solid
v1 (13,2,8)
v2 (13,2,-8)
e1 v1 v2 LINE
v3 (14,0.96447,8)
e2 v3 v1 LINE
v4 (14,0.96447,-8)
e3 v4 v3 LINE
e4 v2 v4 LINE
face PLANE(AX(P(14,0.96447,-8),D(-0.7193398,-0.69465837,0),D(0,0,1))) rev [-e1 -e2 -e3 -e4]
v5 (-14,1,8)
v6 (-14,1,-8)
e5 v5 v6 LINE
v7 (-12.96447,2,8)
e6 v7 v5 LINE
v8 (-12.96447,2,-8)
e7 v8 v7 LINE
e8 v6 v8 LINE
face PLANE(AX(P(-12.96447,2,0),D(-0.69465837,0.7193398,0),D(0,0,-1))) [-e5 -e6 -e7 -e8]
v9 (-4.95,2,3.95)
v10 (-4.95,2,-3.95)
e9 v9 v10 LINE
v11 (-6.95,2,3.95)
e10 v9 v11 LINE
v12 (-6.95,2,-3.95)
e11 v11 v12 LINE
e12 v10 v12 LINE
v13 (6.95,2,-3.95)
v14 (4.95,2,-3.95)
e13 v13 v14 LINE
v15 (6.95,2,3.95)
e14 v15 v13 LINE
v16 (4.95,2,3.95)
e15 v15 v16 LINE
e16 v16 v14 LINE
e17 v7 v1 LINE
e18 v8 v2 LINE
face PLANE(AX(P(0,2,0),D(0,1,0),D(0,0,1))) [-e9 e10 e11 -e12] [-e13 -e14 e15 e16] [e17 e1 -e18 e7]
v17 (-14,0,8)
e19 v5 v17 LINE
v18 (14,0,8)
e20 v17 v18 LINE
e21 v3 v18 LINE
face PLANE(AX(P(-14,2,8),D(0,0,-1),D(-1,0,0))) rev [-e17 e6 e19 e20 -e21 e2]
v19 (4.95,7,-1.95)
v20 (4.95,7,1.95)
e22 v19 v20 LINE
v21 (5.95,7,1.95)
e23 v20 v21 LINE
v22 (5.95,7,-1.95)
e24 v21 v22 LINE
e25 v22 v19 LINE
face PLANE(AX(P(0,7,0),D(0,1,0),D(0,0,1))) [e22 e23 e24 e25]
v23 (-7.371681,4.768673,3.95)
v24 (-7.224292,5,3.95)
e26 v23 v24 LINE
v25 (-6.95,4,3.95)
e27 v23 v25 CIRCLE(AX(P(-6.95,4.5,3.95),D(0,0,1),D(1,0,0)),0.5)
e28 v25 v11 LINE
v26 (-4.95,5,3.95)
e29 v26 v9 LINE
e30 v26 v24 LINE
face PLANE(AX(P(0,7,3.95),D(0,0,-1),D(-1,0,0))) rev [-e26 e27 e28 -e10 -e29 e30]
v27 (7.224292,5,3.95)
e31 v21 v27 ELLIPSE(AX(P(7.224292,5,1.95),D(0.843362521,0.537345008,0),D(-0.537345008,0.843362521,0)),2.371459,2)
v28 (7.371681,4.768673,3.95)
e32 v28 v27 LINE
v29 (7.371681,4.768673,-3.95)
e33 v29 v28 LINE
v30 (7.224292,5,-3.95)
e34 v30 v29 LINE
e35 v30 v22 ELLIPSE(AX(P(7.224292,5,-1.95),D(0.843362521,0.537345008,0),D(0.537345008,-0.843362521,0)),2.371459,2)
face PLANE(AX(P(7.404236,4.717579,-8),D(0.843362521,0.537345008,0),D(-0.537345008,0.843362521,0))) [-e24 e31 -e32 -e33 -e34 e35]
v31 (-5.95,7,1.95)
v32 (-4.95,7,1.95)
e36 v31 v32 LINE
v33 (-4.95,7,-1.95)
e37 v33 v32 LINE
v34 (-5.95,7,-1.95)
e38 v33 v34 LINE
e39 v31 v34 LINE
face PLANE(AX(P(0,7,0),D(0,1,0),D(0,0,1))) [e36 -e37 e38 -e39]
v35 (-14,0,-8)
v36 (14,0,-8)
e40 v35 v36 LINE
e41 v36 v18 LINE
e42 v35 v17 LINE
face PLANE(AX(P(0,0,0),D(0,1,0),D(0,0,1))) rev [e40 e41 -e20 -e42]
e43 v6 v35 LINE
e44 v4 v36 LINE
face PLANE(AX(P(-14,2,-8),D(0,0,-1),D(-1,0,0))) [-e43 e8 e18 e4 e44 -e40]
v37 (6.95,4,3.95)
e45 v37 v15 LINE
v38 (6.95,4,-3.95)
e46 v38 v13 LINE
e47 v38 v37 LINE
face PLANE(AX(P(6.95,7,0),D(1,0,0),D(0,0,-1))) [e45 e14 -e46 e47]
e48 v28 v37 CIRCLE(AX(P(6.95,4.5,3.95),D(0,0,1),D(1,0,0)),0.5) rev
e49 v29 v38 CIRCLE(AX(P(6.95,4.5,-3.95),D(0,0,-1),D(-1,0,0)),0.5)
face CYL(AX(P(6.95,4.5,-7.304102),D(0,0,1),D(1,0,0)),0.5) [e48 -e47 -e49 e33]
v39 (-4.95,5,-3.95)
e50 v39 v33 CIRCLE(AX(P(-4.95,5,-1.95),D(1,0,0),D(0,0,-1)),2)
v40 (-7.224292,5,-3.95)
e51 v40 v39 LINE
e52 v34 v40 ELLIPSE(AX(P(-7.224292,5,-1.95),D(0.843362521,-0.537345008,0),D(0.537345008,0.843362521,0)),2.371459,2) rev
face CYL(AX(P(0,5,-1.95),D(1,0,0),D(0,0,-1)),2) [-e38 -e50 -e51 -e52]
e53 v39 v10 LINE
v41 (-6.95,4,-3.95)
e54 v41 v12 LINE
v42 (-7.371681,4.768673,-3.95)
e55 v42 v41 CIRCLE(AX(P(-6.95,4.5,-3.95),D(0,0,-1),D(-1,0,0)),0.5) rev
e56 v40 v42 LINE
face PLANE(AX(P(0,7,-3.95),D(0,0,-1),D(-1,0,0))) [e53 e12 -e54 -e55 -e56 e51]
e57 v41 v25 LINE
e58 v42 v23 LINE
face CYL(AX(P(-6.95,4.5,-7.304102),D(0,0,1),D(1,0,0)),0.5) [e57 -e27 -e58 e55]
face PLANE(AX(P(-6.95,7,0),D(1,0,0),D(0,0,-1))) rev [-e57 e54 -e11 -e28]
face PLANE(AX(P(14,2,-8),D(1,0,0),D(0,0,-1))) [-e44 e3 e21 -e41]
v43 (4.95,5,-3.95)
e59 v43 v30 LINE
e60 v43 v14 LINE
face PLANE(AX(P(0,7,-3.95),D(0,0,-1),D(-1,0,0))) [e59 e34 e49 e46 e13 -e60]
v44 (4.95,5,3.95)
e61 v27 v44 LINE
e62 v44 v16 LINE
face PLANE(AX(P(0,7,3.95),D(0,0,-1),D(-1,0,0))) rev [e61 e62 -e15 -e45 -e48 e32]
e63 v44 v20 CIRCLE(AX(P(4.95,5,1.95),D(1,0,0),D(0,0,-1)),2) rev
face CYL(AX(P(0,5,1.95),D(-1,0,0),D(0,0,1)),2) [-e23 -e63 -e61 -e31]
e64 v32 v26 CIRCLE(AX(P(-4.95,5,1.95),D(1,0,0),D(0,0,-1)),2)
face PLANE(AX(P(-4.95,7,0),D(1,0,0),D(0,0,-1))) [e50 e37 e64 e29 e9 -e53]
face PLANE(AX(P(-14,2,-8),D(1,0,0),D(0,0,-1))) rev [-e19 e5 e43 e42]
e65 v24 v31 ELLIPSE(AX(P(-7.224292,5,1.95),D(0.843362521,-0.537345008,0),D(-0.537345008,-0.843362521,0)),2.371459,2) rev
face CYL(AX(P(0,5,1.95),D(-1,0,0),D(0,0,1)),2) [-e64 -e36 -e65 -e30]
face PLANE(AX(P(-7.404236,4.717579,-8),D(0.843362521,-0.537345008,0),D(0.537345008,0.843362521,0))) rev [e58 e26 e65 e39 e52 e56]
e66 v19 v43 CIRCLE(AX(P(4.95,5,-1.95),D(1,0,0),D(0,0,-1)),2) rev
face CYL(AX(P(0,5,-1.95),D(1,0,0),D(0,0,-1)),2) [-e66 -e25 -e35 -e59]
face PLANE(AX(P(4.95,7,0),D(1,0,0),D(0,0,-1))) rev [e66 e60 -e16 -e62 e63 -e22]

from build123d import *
from OCP.BRepFilletAPI import BRepFilletAPI_MakeChamfer

# Parameters (mm, degrees)
SKETCH1_W           = 28
SKETCH1_H           = 16
BOSS_EXTRUDE1_DEPTH = 2
CHAMFER1_SIZE       = 1
CHAMFER1_SIZE2      = 1.035530314
SKETCH1_3_W         = 2
SKETCH1_3_H         = 7.9
BOSS_EXTRUDE2_DEPTH = 7
CUT_EXTRUDE1_DEPTH  = 20.692701694
SKETCH2_3_R         = 0.5
BOSS_EXTRUDE3_DEPTH = 7.9
FILLET1_R           = 2


with BuildPart() as part:
    # Sketch1 → Boss-Extrude1 (new body)
    with BuildSketch(Plane(origin=(0, 0, 0), x_dir=(1, 0, 0), z_dir=(0, 1, 0))):
        Rectangle(SKETCH1_W, SKETCH1_H)
    extrude(amount=BOSS_EXTRUDE1_DEPTH)

    # Chamfer1: one chamfer whose edges measure the first distance from different faces: ONE call of the kernel's chamfer builder (chamfer() names one face for all edges)
    chamfer1_edges_1 = [part.edges().sort_by_distance(p)[0] for p in [
        (14, 2, 0),
    ]]
    chamfer1_side_1 = [part.faces().sort_by_distance(p)[0] for p in [
        (0, 2, 0),
    ]]
    chamfer1_edges_2 = [part.edges().sort_by_distance(p)[0] for p in [
        (-14, 2, 0),
    ]]
    chamfer1_side_2 = [part.faces().sort_by_distance(p)[0] for p in [
        (-14, 1, 0),
    ]]
    chamfer1 = BRepFilletAPI_MakeChamfer(part.part.solid().wrapped)
    for e in chamfer1_edges_1:
        chamfer1.Add(CHAMFER1_SIZE, CHAMFER1_SIZE2, e.wrapped, chamfer1_side_1[0].wrapped)  # the first distance lies on this face
    for e in chamfer1_edges_2:
        chamfer1.Add(CHAMFER1_SIZE, CHAMFER1_SIZE2, e.wrapped, chamfer1_side_2[0].wrapped)  # the first distance lies on this face
    add(Compound.cast(chamfer1.Shape()), mode=Mode.REPLACE)

    # Sketch1<3> → Boss-Extrude2 (add)
    with BuildSketch(Plane(origin=(0, 0, 0), x_dir=(1, 0, 0), z_dir=(0, 1, 0))):
        with Locations((-5.95, 0)):
            Rectangle(SKETCH1_3_W, SKETCH1_3_H)
        with Locations((5.95, 0)):
            Rectangle(SKETCH1_3_W, SKETCH1_3_H)
    extrude(amount=BOSS_EXTRUDE2_DEPTH)

    # Sketch2 → Cut-Extrude1 (cut, through all)
    with BuildSketch(Plane.XY.offset(3.95)):
        Polygon((-6.95, 7), (-6.95, 5.430500874), (-5.95, 7), align=None)
        with BuildLine():
            Line((7.45, 4.5), (7.45, 7))
            Line((7.45, 7), (5.95, 7))
            Line((5.95, 7), (7.371681261, 4.768672504))
            ThreePointArc((7.371681261, 4.768672504), (7.430021161, 4.639927427), (7.45, 4.5))
        make_face()
    extrude(amount=-CUT_EXTRUDE1_DEPTH, mode=Mode.SUBTRACT)

    # Sketch2<3> → Boss-Extrude3 (add)
    with BuildSketch(Plane.XY.offset(3.95)):
        with BuildLine():
            ThreePointArc((-6.95, 5), (-7.190482586, 4.938369851), (-7.371681261, 4.768672504))
            ThreePointArc((-7.371681261, 4.768672504), (-7.430021161, 4.639927427), (-7.45, 4.5))
            ThreePointArc((-7.45, 4.5), (-7.303553391, 4.146446609), (-6.95, 4))
            Line((-6.95, 4), (-6.95, 5))
        make_face()
        with BuildLine():
            ThreePointArc((-6.45, 4.5), (-6.596446609, 4.853553391), (-6.95, 5))
            Line((-6.95, 5), (-6.95, 4))
            ThreePointArc((-6.95, 4), (-6.596446609, 4.146446609), (-6.45, 4.5))
        make_face()
        with BuildLine():
            Line((-6.95, 5.430500874), (-7.371681261, 4.768672504))
            ThreePointArc((-7.371681261, 4.768672504), (-7.190482586, 4.938369851), (-6.95, 5))
            Line((-6.95, 5), (-6.95, 5.430500874))
        make_face()
        with Locations((6.95, 4.5)):
            Circle(SKETCH2_3_R)
        with BuildLine():
            Line((7.371681261, 4.768672504), (5.95, 7))
            Line((5.95, 7), (5.95, 4.5))
            Line((5.95, 4.5), (6.45, 4.5))
            ThreePointArc((6.45, 4.5), (6.810072573, 4.980021161), (7.371681261, 4.768672504))
        make_face()
    extrude(amount=-BOSS_EXTRUDE3_DEPTH)

    # Fillet1
    fillet1_edges = [part.edges().sort_by_distance(p)[0] for p in [
        (5.45, 7, -3.95),
        (5.45, 7, 3.95),
        (-5.45, 7, 3.95),
        (-5.45, 7, -3.95),
    ]]
    fillet(fillet1_edges, radius=FILLET1_R)


solid = part.part
